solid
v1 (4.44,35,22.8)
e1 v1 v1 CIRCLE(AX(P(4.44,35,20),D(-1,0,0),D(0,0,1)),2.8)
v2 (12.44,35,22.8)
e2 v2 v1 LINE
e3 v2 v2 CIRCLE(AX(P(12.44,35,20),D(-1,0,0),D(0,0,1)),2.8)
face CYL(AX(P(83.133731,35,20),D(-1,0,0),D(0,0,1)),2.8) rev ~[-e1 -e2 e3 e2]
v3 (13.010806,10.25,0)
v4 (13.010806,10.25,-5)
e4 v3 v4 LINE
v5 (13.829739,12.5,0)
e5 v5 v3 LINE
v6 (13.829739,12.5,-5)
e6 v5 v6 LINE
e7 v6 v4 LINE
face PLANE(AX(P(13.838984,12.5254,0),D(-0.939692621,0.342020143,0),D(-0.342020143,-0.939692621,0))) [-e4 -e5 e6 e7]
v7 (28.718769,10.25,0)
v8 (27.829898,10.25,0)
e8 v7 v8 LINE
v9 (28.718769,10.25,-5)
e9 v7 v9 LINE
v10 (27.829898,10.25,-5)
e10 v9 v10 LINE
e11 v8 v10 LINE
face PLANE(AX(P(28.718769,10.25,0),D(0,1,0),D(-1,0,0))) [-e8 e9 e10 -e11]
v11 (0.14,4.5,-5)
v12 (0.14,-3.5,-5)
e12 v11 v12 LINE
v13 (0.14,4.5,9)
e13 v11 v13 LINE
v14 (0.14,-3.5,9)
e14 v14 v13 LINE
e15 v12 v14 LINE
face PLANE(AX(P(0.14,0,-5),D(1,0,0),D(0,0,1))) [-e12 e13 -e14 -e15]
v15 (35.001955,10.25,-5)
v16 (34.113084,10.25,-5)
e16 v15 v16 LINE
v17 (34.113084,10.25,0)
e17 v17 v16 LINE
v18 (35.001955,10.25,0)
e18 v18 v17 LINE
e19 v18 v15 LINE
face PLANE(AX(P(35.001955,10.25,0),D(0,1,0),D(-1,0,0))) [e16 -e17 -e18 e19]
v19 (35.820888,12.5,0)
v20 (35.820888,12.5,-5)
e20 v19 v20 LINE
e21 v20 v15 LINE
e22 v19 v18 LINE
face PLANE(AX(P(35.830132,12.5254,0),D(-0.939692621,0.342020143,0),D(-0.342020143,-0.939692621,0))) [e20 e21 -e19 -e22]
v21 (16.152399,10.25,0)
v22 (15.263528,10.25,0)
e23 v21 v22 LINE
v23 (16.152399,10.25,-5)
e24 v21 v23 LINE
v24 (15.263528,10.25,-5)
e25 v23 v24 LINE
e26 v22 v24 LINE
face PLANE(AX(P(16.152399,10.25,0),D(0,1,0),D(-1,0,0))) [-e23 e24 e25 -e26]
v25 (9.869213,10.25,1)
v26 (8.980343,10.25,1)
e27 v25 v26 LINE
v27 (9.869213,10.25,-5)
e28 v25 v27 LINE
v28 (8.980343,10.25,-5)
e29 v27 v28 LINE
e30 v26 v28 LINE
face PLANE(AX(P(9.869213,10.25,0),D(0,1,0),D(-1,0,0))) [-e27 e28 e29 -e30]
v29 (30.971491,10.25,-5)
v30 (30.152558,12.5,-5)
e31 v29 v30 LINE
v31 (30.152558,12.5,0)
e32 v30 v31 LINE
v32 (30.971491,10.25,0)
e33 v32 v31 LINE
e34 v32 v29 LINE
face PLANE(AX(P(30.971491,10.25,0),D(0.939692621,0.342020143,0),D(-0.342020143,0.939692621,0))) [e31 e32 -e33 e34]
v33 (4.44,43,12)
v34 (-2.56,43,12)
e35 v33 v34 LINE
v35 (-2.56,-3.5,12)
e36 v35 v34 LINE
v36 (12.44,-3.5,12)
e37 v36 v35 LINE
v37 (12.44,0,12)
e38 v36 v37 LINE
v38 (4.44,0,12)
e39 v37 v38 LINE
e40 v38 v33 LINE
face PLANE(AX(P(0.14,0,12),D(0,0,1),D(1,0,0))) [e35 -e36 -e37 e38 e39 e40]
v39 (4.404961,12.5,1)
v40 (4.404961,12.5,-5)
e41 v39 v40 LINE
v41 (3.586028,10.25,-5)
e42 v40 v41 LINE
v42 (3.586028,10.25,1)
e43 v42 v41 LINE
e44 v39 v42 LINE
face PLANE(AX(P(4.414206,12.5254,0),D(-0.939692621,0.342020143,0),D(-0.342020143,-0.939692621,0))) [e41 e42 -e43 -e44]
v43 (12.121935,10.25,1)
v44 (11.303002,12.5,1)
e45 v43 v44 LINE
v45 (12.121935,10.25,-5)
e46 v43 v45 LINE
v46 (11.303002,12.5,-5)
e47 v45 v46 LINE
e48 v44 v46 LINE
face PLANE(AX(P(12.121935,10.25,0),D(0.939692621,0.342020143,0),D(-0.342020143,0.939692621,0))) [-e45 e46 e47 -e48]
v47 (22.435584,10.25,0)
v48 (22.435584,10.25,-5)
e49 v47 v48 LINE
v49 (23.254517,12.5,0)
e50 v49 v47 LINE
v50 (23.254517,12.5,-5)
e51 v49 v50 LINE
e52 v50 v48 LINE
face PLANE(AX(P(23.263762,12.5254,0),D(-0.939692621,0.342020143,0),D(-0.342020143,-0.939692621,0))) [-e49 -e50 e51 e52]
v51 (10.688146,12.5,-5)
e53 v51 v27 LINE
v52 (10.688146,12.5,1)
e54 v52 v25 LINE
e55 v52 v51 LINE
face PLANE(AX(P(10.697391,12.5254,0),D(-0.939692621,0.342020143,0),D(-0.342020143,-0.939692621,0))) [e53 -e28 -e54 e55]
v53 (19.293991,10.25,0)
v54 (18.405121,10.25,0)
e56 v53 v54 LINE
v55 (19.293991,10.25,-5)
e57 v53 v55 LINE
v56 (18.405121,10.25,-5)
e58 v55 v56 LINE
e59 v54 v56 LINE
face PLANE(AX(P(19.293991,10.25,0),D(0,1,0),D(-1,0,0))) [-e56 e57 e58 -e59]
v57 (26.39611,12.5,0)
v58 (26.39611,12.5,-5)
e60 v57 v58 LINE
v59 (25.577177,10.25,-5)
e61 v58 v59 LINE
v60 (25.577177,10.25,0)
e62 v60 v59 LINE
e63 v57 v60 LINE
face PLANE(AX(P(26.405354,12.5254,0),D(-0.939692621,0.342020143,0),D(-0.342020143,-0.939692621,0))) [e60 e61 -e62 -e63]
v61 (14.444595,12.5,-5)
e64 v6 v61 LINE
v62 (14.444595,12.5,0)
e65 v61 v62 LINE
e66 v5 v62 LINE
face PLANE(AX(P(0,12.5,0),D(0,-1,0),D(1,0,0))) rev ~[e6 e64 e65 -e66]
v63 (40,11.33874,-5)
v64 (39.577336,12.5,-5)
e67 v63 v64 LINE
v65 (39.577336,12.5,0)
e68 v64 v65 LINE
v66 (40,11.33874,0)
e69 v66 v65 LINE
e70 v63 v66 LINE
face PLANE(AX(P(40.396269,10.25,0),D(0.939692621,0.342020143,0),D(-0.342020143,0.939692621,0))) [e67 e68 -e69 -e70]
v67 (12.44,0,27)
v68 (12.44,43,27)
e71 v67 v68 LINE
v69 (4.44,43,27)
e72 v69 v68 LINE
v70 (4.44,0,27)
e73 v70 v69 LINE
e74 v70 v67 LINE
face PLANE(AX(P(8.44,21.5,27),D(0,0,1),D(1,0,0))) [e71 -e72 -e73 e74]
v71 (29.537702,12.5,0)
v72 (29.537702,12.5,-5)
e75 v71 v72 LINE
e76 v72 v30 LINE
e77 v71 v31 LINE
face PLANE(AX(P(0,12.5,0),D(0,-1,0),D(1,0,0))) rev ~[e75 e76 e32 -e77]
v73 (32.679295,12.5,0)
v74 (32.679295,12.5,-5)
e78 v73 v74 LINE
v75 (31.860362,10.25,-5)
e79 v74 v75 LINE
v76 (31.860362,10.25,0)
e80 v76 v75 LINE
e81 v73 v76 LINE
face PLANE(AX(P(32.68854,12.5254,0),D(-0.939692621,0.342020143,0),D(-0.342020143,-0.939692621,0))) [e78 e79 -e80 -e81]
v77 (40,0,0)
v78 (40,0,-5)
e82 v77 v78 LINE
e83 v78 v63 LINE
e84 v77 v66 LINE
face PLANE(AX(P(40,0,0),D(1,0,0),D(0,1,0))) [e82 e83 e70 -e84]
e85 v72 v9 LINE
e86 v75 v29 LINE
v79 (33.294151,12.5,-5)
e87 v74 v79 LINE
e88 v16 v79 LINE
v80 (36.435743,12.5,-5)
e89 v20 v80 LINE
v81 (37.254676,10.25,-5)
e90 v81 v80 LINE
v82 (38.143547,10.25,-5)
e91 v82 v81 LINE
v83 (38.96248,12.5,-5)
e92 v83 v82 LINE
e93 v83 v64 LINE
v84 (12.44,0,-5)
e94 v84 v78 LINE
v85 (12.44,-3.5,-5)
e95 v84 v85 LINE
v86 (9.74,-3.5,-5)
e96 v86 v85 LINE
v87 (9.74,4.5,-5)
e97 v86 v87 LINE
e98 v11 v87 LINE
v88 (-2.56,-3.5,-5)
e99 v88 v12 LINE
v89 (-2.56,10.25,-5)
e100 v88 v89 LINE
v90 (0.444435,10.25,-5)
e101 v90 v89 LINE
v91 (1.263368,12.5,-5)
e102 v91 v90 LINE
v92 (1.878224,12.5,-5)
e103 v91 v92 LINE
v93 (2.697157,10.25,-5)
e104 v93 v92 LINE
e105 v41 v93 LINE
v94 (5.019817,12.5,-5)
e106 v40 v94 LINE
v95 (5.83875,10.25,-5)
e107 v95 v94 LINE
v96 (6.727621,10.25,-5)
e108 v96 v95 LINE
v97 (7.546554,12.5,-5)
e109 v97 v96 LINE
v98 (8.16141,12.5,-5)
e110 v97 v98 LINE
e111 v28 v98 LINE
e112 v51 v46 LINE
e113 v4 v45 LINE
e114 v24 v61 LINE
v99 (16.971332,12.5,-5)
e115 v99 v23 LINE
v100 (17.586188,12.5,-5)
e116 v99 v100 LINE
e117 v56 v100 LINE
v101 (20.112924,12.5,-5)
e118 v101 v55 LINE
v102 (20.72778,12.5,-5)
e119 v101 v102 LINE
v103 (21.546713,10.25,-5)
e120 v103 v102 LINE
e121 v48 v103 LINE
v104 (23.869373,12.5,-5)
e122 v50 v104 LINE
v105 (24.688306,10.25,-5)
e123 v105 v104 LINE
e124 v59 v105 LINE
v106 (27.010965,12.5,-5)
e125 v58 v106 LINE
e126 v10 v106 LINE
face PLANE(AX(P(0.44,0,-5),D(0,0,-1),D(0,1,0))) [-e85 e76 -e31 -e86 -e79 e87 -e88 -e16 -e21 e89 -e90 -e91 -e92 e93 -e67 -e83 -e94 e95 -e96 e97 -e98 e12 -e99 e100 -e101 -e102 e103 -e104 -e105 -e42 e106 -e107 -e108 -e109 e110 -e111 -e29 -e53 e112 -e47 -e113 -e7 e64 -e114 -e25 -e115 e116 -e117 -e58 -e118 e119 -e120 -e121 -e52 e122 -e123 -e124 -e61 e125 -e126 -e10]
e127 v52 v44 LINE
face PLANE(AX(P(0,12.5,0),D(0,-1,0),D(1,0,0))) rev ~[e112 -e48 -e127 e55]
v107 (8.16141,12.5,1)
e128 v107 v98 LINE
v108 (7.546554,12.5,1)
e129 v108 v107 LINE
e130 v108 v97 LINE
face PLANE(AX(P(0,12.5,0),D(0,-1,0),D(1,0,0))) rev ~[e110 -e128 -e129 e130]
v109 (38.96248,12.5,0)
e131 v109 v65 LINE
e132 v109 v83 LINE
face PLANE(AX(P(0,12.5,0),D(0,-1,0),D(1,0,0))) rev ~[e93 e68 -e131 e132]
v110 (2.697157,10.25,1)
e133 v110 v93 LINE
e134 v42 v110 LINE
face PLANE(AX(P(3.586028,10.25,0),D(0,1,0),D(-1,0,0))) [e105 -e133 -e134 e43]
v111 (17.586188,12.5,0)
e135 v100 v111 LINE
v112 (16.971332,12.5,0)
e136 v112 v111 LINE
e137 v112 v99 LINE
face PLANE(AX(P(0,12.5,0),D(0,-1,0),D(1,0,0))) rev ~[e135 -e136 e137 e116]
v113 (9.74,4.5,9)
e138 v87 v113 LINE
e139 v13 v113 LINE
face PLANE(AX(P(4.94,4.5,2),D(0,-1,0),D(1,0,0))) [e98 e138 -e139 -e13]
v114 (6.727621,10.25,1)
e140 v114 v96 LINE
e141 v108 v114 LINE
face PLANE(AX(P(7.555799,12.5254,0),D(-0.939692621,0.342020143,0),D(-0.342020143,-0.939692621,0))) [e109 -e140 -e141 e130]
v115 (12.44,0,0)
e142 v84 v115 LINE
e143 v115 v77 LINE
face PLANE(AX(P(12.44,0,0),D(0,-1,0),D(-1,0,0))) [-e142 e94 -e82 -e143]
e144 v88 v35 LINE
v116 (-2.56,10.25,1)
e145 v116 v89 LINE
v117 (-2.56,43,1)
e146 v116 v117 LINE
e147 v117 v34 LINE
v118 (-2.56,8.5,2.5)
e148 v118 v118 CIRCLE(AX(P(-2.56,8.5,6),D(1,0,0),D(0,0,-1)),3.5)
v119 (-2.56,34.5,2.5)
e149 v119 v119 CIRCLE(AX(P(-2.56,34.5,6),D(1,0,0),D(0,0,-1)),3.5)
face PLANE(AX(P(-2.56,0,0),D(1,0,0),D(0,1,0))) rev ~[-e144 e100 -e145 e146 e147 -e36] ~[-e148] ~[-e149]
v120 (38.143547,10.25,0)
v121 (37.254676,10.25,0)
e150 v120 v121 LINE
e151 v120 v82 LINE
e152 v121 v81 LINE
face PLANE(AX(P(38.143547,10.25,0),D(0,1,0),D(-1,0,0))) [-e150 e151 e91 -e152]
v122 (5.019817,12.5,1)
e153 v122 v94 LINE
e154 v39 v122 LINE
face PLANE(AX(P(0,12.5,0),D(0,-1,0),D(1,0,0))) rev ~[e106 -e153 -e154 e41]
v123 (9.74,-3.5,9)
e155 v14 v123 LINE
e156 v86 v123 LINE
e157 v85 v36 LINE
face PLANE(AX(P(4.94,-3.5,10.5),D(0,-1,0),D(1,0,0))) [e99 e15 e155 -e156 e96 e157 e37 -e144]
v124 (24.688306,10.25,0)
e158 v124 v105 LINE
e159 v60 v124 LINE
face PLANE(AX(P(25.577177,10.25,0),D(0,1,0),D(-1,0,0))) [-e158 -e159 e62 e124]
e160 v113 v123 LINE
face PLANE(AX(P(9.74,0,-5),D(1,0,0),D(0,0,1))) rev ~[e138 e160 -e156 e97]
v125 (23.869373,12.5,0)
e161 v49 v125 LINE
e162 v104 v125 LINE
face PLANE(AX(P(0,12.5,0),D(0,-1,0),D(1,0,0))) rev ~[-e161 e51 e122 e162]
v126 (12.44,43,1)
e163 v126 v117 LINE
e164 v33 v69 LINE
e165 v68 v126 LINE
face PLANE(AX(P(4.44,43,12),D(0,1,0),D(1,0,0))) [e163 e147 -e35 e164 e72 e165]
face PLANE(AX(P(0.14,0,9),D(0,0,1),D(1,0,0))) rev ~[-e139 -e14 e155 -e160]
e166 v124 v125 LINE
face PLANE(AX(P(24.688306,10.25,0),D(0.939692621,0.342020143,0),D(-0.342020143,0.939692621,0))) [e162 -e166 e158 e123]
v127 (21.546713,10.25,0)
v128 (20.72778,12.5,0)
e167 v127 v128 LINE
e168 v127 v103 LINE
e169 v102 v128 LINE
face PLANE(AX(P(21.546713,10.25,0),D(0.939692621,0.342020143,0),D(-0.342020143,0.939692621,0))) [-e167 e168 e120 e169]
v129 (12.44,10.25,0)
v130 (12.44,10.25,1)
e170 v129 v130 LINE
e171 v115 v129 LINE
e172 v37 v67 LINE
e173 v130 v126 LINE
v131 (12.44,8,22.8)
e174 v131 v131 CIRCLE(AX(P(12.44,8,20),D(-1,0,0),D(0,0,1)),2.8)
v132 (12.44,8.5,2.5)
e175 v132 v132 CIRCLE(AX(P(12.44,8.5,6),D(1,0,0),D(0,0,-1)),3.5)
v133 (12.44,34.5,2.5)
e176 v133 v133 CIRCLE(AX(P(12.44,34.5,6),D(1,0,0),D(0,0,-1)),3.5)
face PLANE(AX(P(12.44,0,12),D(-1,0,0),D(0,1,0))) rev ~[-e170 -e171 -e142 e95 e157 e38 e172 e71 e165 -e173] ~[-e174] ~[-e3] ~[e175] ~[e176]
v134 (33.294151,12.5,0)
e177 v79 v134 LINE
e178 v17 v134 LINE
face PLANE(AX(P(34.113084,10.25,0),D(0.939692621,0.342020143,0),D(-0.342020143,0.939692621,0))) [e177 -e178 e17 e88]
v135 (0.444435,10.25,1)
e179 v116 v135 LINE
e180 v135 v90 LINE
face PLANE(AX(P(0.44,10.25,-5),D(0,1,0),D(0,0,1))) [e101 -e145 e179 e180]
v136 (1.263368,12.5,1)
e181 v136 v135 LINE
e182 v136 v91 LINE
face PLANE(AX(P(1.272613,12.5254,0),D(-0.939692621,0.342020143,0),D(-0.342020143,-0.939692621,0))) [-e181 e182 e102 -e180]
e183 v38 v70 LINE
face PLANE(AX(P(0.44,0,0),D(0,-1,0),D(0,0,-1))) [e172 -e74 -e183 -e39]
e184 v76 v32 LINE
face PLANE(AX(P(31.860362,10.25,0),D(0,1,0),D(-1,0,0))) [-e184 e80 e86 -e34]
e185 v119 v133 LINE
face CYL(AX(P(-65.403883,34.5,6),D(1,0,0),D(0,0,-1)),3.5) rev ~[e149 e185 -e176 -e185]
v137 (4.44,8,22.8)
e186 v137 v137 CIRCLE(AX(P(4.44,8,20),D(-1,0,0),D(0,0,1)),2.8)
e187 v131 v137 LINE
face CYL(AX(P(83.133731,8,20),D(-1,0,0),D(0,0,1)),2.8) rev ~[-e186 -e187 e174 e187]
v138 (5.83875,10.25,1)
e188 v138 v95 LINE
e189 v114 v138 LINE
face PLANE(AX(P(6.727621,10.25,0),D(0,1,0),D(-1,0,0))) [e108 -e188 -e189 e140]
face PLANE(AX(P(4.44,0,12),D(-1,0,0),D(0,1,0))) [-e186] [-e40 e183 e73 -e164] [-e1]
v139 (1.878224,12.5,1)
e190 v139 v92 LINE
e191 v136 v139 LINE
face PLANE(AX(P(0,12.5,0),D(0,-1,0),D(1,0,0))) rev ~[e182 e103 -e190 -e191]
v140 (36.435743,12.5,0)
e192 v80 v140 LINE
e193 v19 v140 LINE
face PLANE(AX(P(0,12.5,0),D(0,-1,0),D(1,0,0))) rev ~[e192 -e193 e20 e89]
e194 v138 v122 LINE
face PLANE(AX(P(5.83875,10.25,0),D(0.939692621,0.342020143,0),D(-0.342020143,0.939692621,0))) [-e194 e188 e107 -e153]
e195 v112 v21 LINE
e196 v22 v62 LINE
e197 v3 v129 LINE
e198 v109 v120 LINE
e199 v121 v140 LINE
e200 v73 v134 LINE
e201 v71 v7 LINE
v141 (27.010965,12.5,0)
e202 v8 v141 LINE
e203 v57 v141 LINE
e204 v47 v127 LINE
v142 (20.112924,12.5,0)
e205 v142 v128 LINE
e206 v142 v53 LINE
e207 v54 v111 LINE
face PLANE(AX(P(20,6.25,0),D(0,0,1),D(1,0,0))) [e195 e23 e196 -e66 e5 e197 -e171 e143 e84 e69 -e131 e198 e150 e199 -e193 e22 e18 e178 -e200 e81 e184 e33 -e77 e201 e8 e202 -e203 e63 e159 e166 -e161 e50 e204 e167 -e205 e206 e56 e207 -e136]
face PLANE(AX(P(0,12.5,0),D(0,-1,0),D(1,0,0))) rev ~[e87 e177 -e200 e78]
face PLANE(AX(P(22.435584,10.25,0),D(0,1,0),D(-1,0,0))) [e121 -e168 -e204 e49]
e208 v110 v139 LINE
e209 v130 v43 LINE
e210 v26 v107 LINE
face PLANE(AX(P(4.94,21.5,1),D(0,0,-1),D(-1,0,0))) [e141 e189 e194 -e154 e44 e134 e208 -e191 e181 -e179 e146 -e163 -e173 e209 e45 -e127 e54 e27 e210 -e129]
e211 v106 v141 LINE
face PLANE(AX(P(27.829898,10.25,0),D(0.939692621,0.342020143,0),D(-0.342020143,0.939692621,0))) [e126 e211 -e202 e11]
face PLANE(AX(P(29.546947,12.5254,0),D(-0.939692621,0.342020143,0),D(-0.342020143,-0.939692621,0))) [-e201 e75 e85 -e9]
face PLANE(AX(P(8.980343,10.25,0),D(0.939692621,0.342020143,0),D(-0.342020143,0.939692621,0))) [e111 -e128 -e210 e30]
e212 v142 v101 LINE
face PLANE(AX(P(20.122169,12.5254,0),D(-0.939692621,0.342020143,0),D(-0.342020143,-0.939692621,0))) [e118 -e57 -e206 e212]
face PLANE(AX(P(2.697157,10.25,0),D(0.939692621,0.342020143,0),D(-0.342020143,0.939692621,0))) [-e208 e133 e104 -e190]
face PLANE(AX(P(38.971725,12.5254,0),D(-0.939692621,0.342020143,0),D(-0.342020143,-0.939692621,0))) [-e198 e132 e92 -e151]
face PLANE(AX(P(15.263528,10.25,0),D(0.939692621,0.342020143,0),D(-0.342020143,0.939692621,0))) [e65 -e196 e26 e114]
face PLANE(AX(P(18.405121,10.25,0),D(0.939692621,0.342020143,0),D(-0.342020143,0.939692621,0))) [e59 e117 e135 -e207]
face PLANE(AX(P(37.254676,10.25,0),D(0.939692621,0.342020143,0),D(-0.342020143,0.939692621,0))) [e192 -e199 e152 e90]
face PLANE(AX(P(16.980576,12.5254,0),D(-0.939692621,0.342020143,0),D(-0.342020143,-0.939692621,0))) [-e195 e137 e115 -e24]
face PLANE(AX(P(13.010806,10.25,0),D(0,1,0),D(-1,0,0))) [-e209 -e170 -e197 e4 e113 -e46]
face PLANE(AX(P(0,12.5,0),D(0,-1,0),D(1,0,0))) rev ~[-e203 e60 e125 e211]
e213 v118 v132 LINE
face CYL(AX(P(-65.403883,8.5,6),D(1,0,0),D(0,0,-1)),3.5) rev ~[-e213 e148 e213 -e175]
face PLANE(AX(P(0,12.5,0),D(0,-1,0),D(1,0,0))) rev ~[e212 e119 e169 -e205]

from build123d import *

# Parameters (mm, degrees)
BLANKSKE_W                 = 40
BLANKSKE_H                 = 12.5
BLANK_DEPTH                = 5
TOOTHCUTSIM_DEPTH          = 43.20485754
TEETHCUTS_COUNT            = 14
TEETHCUTS_PITCH            = 3.14159265
MOVE_FACE1_BY              = 0.44
SKETCH1_W                  = 15
SKETCH1_H                  = 43
BOSS_EXTRUDE1_DEPTH        = 12
F_7_0_7_DIAMETER_HOLE1_D   = 7
SKETCH6_W                  = 2.7
SKETCH6_H                  = 17
BOSS_EXTRUDE2_DEPTH        = 3.5
SKETCH7_W                  = 8
SKETCH7_H                  = 43
BOSS_EXTRUDE3_DEPTH        = 15
F_5_6_5_6_DIAMETER_HOLE1_D = 5.6
MOVE_FACE2_BY              = 3
SKETCH11_W                 = 9.6
SKETCH11_H                 = 14
CUT_EXTRUDE2_DEPTH         = 4.5
SKETCH12_W                 = 9.6
SKETCH12_H                 = 3
BOSS_EXTRUDE4_DEPTH        = 3.5
MOVE_FACE3_BY              = 1


with BuildPart() as part:
    # BlankSke → Blank (new body)
    with BuildSketch(Plane.XY):
        with Locations((20, 6.25)):
            Rectangle(BLANKSKE_W, BLANKSKE_H)
    extrude(amount=-BLANK_DEPTH)

    # TooCutSkeSim → ToothCutSim (cut, through all)
    with BuildSketch(Plane.XY):
        Polygon((0.44443537, 10.25), (-0.44443537, 10.25), (-1.272613241, 12.5254), (1.272613241, 12.5254), align=None)
    toothcutsim = extrude(amount=-TOOTHCUTSIM_DEPTH, mode=Mode.SUBTRACT)

    # TeethCuts: ToothCutSim ×14
    with Locations(*[(i * TEETHCUTS_PITCH, 0, 0) for i in range(1, TEETHCUTS_COUNT)]):
        add(toothcutsim, mode=Mode.SUBTRACT)

    # Move Face1: a face moved inward by 0.44
    extrude(part.faces().sort_by_distance((0, 5.125, -2.5))[0], amount=MOVE_FACE1_BY, dir=(1, 0, 0), mode=Mode.SUBTRACT)

    # Sketch1 → Boss-Extrude1 (add)
    with BuildSketch(Plane(origin=(0, 0, 0), x_dir=(-1, 0, 0), z_dir=(0, 0, -1))):
        with Locations((-4.94, 21.5)):
            Rectangle(SKETCH1_W, SKETCH1_H)
    extrude(amount=-BOSS_EXTRUDE1_DEPTH)

    # Ø7.0 (7) Diameter Hole1 (through all)
    with Locations(Plane.ZY.offset(2.56)):
        with Locations((6, 34.5), (6, 8.5)):
            Hole(F_7_0_7_DIAMETER_HOLE1_D / 2)

    # Sketch6 → Boss-Extrude2 (add)
    with BuildSketch(Plane.XZ):
        with Locations((-1.21, 3.5)):
            Rectangle(SKETCH6_W, SKETCH6_H)
        with Locations((11.09, 3.5)):
            Rectangle(SKETCH6_W, SKETCH6_H)
    extrude(amount=BOSS_EXTRUDE2_DEPTH)

    # Sketch7 → Boss-Extrude3 (add)
    with BuildSketch(Plane.XY.offset(12)):
        with Locations((8.44, 21.5)):
            Rectangle(SKETCH7_W, SKETCH7_H)
    extrude(amount=BOSS_EXTRUDE3_DEPTH)

    # Ø5.6 (5.6) Diameter Hole1 (through all)
    with Locations(Plane(origin=(12.44, 0, 0), x_dir=(0, 0, -1), z_dir=(1, 0, 0))):
        with Locations((-20, 35), (-20, 8)):
            Hole(F_5_6_5_6_DIAMETER_HOLE1_D / 2)

    # Move Face2: a face moved outward by 3.0
    extrude(part.faces().sort_by_distance((0.44, 5.125, -2.5))[0], amount=MOVE_FACE2_BY, dir=(-1, 0, 0))

    # Sketch11 → Cut-Extrude2 (cut)
    with BuildSketch(Plane.XZ):
        with Locations((4.94, 2)):
            Rectangle(SKETCH11_W, SKETCH11_H)
    extrude(amount=-CUT_EXTRUDE2_DEPTH, mode=Mode.SUBTRACT)

    # Sketch12 → Boss-Extrude4 (add)
    with BuildSketch(Plane.XZ):
        with Locations((4.94, 10.5)):
            Rectangle(SKETCH12_W, SKETCH12_H)
    extrude(amount=BOSS_EXTRUDE4_DEPTH)

    # Move Face3: a face moved inward by 1.0
    extrude(part.faces().sort_by_distance((4.903765557, 27.042169716, 0))[0], amount=MOVE_FACE3_BY, dir=(0, 0, 1), mode=Mode.SUBTRACT)


solid = part.part
